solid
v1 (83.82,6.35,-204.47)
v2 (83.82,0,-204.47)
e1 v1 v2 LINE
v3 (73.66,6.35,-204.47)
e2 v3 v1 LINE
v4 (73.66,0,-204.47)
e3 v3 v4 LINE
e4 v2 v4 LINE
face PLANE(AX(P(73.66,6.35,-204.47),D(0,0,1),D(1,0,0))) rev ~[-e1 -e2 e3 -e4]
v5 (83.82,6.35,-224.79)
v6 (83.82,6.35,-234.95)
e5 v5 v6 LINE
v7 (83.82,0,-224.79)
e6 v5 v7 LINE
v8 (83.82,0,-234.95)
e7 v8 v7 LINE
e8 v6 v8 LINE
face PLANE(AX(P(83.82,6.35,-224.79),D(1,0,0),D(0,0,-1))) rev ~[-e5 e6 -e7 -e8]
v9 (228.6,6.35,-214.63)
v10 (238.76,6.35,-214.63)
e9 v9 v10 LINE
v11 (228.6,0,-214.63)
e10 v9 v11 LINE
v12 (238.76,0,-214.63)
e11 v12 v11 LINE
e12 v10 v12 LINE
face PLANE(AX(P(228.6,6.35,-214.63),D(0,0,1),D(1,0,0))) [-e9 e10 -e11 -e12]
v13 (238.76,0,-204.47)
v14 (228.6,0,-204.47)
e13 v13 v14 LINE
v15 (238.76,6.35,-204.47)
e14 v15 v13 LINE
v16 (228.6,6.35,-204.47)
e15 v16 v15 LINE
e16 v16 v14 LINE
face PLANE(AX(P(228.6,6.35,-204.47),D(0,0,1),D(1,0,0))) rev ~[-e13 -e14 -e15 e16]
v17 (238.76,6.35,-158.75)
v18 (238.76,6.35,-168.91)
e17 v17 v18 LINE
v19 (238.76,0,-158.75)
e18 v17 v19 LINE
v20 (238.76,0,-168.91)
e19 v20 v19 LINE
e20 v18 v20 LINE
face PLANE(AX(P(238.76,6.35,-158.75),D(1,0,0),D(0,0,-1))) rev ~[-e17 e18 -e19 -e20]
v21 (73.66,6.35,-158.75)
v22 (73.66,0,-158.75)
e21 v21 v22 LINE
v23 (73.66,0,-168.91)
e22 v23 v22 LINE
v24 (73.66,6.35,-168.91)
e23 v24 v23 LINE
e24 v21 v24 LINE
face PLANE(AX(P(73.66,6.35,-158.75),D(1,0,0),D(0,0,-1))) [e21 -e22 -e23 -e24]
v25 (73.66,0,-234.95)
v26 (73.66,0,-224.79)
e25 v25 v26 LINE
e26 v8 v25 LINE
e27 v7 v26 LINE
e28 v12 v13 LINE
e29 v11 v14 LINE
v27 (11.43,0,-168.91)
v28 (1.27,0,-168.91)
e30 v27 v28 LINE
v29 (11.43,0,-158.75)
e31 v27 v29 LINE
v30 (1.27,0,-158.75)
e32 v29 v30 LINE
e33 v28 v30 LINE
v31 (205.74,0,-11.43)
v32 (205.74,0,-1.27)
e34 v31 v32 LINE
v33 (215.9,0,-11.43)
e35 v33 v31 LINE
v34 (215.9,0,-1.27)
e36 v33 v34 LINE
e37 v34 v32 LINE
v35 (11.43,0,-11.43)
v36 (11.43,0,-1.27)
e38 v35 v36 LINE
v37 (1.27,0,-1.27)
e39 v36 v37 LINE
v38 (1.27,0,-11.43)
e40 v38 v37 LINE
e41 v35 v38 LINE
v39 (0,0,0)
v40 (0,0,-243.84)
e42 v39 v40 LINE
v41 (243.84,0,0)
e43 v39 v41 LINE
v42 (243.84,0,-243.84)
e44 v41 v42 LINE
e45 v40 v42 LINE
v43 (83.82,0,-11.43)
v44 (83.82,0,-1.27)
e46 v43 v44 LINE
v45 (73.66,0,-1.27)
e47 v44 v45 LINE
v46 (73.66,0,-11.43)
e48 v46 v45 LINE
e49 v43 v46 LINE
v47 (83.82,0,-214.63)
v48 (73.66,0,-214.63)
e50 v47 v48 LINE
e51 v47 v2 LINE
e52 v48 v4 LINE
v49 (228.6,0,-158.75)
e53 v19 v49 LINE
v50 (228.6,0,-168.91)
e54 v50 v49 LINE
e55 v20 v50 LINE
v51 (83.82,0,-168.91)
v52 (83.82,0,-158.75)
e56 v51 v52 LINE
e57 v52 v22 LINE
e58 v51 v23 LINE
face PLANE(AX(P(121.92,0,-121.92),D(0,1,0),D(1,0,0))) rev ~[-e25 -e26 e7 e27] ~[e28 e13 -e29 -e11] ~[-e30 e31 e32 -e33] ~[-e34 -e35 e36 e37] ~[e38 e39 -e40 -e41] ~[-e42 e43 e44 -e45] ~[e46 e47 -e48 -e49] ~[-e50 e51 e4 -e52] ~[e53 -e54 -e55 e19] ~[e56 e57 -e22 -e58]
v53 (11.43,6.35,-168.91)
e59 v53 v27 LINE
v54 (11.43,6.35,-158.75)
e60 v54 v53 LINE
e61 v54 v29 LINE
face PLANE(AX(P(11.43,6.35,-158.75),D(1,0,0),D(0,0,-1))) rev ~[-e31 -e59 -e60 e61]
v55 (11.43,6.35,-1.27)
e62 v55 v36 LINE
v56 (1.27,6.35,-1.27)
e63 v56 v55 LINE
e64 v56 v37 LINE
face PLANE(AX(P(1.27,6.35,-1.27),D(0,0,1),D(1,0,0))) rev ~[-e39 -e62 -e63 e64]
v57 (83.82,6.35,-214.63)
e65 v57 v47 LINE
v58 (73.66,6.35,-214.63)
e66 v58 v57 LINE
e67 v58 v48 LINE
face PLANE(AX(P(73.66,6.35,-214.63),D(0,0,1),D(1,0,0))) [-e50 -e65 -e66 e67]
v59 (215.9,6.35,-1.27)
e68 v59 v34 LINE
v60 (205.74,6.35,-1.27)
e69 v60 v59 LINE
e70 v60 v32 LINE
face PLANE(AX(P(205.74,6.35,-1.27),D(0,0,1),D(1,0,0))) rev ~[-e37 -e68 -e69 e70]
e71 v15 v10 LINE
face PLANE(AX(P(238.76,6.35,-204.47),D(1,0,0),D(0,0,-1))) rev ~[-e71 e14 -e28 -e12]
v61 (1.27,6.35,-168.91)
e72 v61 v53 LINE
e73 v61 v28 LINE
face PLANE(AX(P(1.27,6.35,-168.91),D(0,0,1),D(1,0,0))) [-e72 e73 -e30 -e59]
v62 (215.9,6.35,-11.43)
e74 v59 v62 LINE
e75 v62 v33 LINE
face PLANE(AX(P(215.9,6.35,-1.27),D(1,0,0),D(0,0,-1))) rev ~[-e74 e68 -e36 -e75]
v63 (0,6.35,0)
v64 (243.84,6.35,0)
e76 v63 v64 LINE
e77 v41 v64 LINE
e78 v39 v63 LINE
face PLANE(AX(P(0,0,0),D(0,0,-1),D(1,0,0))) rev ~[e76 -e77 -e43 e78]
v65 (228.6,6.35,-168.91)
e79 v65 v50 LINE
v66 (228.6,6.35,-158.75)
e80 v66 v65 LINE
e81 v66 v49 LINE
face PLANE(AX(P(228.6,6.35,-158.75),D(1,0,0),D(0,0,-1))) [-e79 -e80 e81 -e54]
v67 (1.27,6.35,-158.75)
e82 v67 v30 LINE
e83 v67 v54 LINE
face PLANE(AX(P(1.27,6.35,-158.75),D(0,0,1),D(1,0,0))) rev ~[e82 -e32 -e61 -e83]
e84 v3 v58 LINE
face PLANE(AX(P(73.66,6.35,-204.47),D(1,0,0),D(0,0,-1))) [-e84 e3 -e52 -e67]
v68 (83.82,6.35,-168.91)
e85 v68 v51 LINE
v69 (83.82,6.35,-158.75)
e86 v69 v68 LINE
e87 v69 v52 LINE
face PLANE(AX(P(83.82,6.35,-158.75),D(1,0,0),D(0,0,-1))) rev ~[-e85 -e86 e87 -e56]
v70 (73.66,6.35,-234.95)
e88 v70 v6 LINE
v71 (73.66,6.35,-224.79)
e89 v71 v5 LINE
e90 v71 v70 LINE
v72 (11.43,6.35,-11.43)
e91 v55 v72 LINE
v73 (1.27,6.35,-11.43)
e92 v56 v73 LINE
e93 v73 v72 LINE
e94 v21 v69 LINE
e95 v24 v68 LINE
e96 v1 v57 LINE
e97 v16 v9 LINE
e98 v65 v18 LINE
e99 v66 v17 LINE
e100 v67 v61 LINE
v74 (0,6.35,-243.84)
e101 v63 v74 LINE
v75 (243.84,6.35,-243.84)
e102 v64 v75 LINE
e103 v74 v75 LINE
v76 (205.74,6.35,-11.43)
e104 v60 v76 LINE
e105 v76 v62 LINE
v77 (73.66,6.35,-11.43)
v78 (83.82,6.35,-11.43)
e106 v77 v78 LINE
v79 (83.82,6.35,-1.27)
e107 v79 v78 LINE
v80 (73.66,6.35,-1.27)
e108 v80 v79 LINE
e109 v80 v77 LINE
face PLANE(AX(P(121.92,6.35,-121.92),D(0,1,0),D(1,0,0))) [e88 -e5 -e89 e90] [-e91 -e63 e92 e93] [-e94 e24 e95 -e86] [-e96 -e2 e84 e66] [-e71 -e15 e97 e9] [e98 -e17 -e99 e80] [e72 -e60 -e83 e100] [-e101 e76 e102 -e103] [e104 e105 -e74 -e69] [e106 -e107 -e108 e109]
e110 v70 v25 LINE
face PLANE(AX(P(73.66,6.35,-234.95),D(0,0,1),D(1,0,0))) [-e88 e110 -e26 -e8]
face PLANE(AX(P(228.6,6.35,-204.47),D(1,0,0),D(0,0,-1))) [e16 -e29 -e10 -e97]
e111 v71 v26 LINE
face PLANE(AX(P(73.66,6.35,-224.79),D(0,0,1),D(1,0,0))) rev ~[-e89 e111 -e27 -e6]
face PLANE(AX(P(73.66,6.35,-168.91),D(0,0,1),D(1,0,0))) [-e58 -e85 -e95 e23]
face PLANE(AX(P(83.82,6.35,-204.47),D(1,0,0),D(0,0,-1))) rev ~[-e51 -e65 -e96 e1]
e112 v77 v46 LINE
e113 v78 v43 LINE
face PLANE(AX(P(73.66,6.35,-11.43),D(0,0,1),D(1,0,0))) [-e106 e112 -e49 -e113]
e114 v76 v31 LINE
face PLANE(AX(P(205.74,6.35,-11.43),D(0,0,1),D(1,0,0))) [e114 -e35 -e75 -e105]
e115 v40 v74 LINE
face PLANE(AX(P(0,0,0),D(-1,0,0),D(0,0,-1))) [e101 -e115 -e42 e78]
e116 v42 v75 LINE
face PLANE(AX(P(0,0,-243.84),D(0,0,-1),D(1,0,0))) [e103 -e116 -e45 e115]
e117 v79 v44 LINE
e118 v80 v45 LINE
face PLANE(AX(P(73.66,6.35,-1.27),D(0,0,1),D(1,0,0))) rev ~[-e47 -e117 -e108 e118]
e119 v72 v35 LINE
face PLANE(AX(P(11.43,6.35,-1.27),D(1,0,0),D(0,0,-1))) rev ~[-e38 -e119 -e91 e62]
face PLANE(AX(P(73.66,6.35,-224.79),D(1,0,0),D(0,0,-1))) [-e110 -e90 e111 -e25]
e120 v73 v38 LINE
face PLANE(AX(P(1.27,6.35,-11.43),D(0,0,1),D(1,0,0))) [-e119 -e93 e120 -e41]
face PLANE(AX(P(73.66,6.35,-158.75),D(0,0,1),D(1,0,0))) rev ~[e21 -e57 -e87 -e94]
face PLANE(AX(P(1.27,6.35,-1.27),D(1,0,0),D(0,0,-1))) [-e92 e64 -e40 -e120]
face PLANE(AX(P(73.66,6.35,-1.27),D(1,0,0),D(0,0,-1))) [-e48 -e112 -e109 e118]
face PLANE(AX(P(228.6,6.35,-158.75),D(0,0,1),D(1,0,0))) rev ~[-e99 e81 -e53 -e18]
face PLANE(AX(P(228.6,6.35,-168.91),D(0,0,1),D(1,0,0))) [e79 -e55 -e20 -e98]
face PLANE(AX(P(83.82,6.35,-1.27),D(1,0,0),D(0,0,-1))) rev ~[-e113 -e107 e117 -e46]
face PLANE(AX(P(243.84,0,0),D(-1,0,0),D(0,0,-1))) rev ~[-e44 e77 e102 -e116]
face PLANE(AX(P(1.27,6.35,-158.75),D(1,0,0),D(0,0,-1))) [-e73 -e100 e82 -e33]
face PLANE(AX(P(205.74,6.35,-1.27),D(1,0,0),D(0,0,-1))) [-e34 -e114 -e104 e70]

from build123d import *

# Parameters (mm, degrees)
SKETCH1_W           = 243.84
SKETCH1_H           = 243.84
BOSS_EXTRUDE1_DEPTH = 6.35
CUT_EXTRUDE1_REACH  = 346.9
SKETCH5_W           = 10.16
SKETCH5_H           = 10.16


with BuildPart() as part:
    # Sketch1 → Boss-Extrude1 (new body)
    with BuildSketch(Plane(origin=(0, 0, 0), x_dir=(1, 0, 0), z_dir=(0, 1, 0))):
        with Locations((121.92, 121.92)):
            Rectangle(SKETCH1_W, SKETCH1_H)
    extrude(amount=BOSS_EXTRUDE1_DEPTH)

    # Sketch5 → Cut-Extrude1 (cut, up to next)
    with BuildSketch(Plane(origin=(0, 6.35, 0), x_dir=(1, 0, 0), z_dir=(0, 1, 0)), mode=Mode.PRIVATE) as cut_extrude1_sk1:
        with Locations((6.35, 6.35)):
            Rectangle(SKETCH5_W, SKETCH5_H)
    cut_extrude1_tool1 = extrude(cut_extrude1_sk1.sketch, amount=-CUT_EXTRUDE1_REACH, mode=Mode.PRIVATE) & part.part
    # Sketch5 → Cut-Extrude1 (cut, up to next)
    with BuildSketch(Plane(origin=(0, 6.35, 0), x_dir=(1, 0, 0), z_dir=(0, 1, 0)), mode=Mode.PRIVATE) as cut_extrude1_sk2:
        with Locations((78.74, 6.35)):
            Rectangle(SKETCH5_W, SKETCH5_H)
    cut_extrude1_tool2 = extrude(cut_extrude1_sk2.sketch, amount=-CUT_EXTRUDE1_REACH, mode=Mode.PRIVATE) & part.part
    # Sketch5 → Cut-Extrude1 (cut, up to next)
    with BuildSketch(Plane(origin=(0, 6.35, 0), x_dir=(1, 0, 0), z_dir=(0, 1, 0)), mode=Mode.PRIVATE) as cut_extrude1_sk3:
        with Locations((210.82, 6.35)):
            Rectangle(SKETCH5_W, SKETCH5_H)
    cut_extrude1_tool3 = extrude(cut_extrude1_sk3.sketch, amount=-CUT_EXTRUDE1_REACH, mode=Mode.PRIVATE) & part.part
    # Sketch5 → Cut-Extrude1 (cut, up to next)
    with BuildSketch(Plane(origin=(0, 6.35, 0), x_dir=(1, 0, 0), z_dir=(0, 1, 0)), mode=Mode.PRIVATE) as cut_extrude1_sk4:
        with Locations((233.68, 163.83)):
            Rectangle(SKETCH5_W, SKETCH5_H)
    cut_extrude1_tool4 = extrude(cut_extrude1_sk4.sketch, amount=-CUT_EXTRUDE1_REACH, mode=Mode.PRIVATE) & part.part
    # Sketch5 → Cut-Extrude1 (cut, up to next)
    with BuildSketch(Plane(origin=(0, 6.35, 0), x_dir=(1, 0, 0), z_dir=(0, 1, 0)), mode=Mode.PRIVATE) as cut_extrude1_sk5:
        with Locations((233.68, 209.55)):
            Rectangle(SKETCH5_W, SKETCH5_H)
    cut_extrude1_tool5 = extrude(cut_extrude1_sk5.sketch, amount=-CUT_EXTRUDE1_REACH, mode=Mode.PRIVATE) & part.part
    # Sketch5 → Cut-Extrude1 (cut, up to next)
    with BuildSketch(Plane(origin=(0, 6.35, 0), x_dir=(1, 0, 0), z_dir=(0, 1, 0)), mode=Mode.PRIVATE) as cut_extrude1_sk6:
        with Locations((78.74, 209.55)):
            Rectangle(SKETCH5_W, SKETCH5_H)
    cut_extrude1_tool6 = extrude(cut_extrude1_sk6.sketch, amount=-CUT_EXTRUDE1_REACH, mode=Mode.PRIVATE) & part.part
    # Sketch5 → Cut-Extrude1 (cut, up to next)
    with BuildSketch(Plane(origin=(0, 6.35, 0), x_dir=(1, 0, 0), z_dir=(0, 1, 0)), mode=Mode.PRIVATE) as cut_extrude1_sk7:
        with Locations((78.74, 163.83)):
            Rectangle(SKETCH5_W, SKETCH5_H)
    cut_extrude1_tool7 = extrude(cut_extrude1_sk7.sketch, amount=-CUT_EXTRUDE1_REACH, mode=Mode.PRIVATE) & part.part
    # Sketch5 → Cut-Extrude1 (cut, up to next)
    with BuildSketch(Plane(origin=(0, 6.35, 0), x_dir=(1, 0, 0), z_dir=(0, 1, 0)), mode=Mode.PRIVATE) as cut_extrude1_sk8:
        with Locations((6.35, 163.83)):
            Rectangle(SKETCH5_W, SKETCH5_H)
    cut_extrude1_tool8 = extrude(cut_extrude1_sk8.sketch, amount=-CUT_EXTRUDE1_REACH, mode=Mode.PRIVATE) & part.part
    # Sketch5 → Cut-Extrude1 (cut, up to next)
    with BuildSketch(Plane(origin=(0, 6.35, 0), x_dir=(1, 0, 0), z_dir=(0, 1, 0)), mode=Mode.PRIVATE) as cut_extrude1_sk9:
        with Locations((78.74, 229.87)):
            Rectangle(SKETCH5_W, SKETCH5_H)
    cut_extrude1_tool9 = extrude(cut_extrude1_sk9.sketch, amount=-CUT_EXTRUDE1_REACH, mode=Mode.PRIVATE) & part.part
    add(cut_extrude1_tool1.solids().sort_by_distance((6.35, 6.35, -6.35))[0], mode=Mode.SUBTRACT)
    add(cut_extrude1_tool2.solids().sort_by_distance((78.74, 6.35, -6.35))[0], mode=Mode.SUBTRACT)
    add(cut_extrude1_tool3.solids().sort_by_distance((210.82, 6.35, -6.35))[0], mode=Mode.SUBTRACT)
    add(cut_extrude1_tool4.solids().sort_by_distance((233.68, 6.35, -163.83))[0], mode=Mode.SUBTRACT)
    add(cut_extrude1_tool5.solids().sort_by_distance((233.68, 6.35, -209.55))[0], mode=Mode.SUBTRACT)
    add(cut_extrude1_tool6.solids().sort_by_distance((78.74, 6.35, -209.55))[0], mode=Mode.SUBTRACT)
    add(cut_extrude1_tool7.solids().sort_by_distance((78.74, 6.35, -163.83))[0], mode=Mode.SUBTRACT)
    add(cut_extrude1_tool8.solids().sort_by_distance((6.35, 6.35, -163.83))[0], mode=Mode.SUBTRACT)
    add(cut_extrude1_tool9.solids().sort_by_distance((78.74, 6.35, -229.87))[0], mode=Mode.SUBTRACT)


solid = part.part
